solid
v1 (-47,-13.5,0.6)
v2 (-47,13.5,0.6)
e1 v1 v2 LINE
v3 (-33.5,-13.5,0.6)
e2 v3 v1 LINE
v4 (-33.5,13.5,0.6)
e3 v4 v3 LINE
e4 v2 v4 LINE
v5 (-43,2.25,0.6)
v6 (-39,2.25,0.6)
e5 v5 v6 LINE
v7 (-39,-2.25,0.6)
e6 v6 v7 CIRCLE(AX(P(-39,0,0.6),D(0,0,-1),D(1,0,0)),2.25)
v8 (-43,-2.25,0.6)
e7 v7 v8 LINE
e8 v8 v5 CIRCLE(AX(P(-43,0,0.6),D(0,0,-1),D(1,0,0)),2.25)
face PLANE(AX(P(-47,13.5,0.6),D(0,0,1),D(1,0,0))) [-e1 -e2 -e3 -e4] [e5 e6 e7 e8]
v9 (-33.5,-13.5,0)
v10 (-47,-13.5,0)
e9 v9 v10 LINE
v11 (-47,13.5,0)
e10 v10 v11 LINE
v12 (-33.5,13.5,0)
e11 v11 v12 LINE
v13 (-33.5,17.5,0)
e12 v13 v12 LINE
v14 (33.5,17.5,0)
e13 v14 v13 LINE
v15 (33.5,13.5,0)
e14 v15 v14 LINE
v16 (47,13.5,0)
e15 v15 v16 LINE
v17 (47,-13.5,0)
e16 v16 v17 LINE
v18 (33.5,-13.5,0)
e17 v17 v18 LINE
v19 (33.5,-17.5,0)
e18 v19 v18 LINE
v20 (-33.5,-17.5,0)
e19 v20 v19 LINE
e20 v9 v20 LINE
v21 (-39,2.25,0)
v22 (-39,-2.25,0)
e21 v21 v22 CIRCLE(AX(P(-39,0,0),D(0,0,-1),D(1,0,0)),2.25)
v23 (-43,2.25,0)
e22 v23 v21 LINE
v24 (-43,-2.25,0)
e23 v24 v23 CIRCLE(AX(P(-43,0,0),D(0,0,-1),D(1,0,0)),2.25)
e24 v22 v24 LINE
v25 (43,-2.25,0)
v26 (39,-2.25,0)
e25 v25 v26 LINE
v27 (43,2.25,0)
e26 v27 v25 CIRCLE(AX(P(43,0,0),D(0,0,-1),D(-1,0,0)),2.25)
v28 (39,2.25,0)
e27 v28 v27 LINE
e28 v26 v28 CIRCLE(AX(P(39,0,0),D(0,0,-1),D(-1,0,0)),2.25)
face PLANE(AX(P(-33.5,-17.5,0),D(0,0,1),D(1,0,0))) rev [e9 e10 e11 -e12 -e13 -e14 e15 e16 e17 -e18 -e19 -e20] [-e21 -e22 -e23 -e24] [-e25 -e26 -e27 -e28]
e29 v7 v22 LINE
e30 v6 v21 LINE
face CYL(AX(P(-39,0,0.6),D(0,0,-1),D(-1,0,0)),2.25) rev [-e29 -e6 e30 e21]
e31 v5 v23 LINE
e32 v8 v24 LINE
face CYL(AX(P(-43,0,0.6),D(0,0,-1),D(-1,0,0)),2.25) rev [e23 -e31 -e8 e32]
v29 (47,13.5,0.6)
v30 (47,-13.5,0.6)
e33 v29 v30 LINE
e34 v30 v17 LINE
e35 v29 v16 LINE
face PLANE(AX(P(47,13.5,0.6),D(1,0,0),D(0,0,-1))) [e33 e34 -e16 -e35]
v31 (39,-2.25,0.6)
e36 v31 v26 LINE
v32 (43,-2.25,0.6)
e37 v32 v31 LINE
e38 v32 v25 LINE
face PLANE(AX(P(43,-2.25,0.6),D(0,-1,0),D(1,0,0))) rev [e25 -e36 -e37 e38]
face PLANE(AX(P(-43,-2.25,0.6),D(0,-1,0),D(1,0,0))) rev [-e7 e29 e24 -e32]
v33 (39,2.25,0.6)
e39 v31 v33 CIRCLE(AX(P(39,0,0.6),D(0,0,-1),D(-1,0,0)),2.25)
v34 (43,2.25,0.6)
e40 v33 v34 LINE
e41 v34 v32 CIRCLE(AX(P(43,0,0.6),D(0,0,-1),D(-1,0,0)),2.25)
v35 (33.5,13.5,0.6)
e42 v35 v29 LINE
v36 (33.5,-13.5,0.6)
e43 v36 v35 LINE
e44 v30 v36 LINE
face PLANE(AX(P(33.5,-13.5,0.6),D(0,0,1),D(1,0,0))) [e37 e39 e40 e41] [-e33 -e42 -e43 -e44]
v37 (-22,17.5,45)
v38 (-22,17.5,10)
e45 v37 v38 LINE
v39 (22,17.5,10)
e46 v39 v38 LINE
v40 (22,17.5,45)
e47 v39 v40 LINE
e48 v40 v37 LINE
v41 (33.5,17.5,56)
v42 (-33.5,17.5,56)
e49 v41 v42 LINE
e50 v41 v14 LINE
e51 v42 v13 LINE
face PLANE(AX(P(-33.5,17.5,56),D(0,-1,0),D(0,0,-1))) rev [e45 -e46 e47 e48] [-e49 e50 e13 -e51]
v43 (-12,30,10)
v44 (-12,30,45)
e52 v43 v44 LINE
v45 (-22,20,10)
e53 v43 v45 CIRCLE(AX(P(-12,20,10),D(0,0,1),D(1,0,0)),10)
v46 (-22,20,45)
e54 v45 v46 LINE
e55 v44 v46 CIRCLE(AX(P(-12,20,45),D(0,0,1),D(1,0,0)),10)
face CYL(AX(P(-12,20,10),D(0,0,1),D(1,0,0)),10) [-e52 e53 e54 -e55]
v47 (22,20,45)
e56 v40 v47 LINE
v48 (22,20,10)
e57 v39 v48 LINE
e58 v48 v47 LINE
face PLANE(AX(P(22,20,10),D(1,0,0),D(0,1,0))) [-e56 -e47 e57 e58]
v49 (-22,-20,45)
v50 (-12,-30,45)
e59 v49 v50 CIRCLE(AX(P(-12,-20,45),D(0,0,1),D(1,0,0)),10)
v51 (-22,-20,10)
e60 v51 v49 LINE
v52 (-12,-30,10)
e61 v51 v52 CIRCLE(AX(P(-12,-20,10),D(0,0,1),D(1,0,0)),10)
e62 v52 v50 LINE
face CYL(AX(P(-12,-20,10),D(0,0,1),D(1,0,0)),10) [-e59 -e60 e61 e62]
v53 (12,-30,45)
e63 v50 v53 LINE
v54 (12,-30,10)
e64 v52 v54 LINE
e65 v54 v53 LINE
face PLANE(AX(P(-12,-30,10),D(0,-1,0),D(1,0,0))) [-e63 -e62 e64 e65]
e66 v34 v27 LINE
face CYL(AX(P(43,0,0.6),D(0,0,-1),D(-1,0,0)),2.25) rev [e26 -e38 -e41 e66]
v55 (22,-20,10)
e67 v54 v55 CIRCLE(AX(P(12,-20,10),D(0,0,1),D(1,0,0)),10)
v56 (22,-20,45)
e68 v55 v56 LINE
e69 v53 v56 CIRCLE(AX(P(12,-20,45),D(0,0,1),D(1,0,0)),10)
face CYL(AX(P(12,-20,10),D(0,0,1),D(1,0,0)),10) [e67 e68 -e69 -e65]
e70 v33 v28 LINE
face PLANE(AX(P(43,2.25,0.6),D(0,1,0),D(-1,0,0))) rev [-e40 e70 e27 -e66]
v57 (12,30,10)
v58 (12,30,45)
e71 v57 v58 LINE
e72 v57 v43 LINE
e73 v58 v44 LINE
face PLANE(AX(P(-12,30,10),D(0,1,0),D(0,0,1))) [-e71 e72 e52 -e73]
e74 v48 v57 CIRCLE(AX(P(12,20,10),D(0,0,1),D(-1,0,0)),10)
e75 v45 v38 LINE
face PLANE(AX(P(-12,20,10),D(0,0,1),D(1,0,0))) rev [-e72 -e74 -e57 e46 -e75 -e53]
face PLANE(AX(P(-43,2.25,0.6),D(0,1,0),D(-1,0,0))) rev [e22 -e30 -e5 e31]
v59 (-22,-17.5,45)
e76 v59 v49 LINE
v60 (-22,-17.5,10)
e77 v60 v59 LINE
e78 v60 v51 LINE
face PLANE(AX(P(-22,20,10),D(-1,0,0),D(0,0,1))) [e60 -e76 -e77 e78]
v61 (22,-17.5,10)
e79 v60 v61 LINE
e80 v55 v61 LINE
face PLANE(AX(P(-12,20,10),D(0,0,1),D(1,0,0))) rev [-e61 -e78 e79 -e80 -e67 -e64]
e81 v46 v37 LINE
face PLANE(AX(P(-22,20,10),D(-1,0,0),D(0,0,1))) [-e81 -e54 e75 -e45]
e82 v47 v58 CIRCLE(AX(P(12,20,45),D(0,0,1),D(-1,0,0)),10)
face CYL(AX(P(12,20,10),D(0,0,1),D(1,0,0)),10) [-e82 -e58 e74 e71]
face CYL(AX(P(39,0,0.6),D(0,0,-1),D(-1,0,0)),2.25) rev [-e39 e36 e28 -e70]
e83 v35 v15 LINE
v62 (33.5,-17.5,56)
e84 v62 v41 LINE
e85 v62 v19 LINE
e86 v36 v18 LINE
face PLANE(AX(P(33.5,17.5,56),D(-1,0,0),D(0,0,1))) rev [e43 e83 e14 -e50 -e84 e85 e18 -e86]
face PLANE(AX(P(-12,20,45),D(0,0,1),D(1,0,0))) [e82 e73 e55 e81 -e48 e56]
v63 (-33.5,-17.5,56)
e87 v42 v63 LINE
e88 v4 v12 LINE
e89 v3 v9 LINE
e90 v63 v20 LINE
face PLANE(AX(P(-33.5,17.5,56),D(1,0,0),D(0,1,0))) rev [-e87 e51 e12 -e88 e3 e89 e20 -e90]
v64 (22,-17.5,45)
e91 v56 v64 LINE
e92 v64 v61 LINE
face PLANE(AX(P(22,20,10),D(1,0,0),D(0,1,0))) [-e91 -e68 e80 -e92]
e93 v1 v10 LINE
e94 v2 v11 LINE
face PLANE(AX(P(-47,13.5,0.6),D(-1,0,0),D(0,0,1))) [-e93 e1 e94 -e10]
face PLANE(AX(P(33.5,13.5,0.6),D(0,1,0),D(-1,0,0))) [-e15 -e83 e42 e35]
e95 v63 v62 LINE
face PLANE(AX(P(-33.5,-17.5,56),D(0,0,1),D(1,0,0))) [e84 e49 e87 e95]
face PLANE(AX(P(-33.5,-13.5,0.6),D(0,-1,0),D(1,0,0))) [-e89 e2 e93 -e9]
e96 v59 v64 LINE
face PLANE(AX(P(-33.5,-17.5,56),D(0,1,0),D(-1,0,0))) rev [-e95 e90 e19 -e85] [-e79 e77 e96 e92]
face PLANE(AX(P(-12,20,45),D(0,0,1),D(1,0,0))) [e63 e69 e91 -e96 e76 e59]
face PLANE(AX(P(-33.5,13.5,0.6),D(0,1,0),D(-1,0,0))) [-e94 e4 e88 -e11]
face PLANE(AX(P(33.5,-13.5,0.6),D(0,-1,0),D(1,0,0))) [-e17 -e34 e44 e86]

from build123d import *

# Parameters (mm, degrees)
SKETCH_1_W      = 67
SKETCH_1_H      = 35
EXTRUDE_1_DEPTH = 56
EXTRUDE_START   = -11
EXTRUDE_2_DEPTH = 35
SKETCH_3_W      = 13.5
SKETCH_3_H      = 27
EXTRUDE_3_DEPTH = 0.6


with BuildPart() as part:
    # 草图1 → 拉伸1 (new body)
    with BuildSketch(Plane.XY):
        Rectangle(SKETCH_1_W, SKETCH_1_H)
    extrude(amount=EXTRUDE_1_DEPTH)

    # 草图2 → 拉伸2 (add)
    with BuildSketch(Plane.XY.offset(56).offset(EXTRUDE_START)):
        with BuildLine():
            Line((-12, 30), (12, 30))
            ThreePointArc((12, 30), (19.071067812, 27.071067812), (22, 20))
            Line((22, 20), (22, -20))
            ThreePointArc((22, -20), (19.071067812, -27.071067812), (12, -30))
            Line((12, -30), (-12, -30))
            ThreePointArc((-12, -30), (-19.071067812, -27.071067812), (-22, -20))
            Line((-22, -20), (-22, 20))
            ThreePointArc((-22, 20), (-19.071067812, 27.071067812), (-12, 30))
        make_face()
    extrude(amount=-EXTRUDE_2_DEPTH)

    # 草图3 → 拉伸3 (add)
    # profile 1 of 2: a face of its own
    with BuildSketch(Plane(origin=(0, 0, 0), x_dir=(-1, 0, 0), z_dir=(0, 0, -1))):
        with Locations((-40.25, 0)):
            Rectangle(SKETCH_3_W, SKETCH_3_H)
        with BuildLine():
            Line((-43, 2.25), (-39, 2.25))
            ThreePointArc((-39, 2.25), (-36.75, 0), (-39, -2.25))
            Line((-39, -2.25), (-43, -2.25))
            ThreePointArc((-43, -2.25), (-45.25, 0), (-43, 2.25))
        make_face(mode=Mode.SUBTRACT)
    # profile 2 of 2: a face of its own
    with BuildSketch(Plane(origin=(0, 0, 0), x_dir=(-1, 0, 0), z_dir=(0, 0, -1))):
        with Locations((40.25, 0)):
            Rectangle(SKETCH_3_W, SKETCH_3_H)
        with BuildLine():
            Line((43, 2.25), (39, 2.25))
            ThreePointArc((39, 2.25), (36.75, 0), (39, -2.25))
            Line((39, -2.25), (43, -2.25))
            ThreePointArc((43, -2.25), (45.25, 0), (43, 2.25))
        make_face(mode=Mode.SUBTRACT)
    extrude(amount=-EXTRUDE_3_DEPTH)


solid = part.part
